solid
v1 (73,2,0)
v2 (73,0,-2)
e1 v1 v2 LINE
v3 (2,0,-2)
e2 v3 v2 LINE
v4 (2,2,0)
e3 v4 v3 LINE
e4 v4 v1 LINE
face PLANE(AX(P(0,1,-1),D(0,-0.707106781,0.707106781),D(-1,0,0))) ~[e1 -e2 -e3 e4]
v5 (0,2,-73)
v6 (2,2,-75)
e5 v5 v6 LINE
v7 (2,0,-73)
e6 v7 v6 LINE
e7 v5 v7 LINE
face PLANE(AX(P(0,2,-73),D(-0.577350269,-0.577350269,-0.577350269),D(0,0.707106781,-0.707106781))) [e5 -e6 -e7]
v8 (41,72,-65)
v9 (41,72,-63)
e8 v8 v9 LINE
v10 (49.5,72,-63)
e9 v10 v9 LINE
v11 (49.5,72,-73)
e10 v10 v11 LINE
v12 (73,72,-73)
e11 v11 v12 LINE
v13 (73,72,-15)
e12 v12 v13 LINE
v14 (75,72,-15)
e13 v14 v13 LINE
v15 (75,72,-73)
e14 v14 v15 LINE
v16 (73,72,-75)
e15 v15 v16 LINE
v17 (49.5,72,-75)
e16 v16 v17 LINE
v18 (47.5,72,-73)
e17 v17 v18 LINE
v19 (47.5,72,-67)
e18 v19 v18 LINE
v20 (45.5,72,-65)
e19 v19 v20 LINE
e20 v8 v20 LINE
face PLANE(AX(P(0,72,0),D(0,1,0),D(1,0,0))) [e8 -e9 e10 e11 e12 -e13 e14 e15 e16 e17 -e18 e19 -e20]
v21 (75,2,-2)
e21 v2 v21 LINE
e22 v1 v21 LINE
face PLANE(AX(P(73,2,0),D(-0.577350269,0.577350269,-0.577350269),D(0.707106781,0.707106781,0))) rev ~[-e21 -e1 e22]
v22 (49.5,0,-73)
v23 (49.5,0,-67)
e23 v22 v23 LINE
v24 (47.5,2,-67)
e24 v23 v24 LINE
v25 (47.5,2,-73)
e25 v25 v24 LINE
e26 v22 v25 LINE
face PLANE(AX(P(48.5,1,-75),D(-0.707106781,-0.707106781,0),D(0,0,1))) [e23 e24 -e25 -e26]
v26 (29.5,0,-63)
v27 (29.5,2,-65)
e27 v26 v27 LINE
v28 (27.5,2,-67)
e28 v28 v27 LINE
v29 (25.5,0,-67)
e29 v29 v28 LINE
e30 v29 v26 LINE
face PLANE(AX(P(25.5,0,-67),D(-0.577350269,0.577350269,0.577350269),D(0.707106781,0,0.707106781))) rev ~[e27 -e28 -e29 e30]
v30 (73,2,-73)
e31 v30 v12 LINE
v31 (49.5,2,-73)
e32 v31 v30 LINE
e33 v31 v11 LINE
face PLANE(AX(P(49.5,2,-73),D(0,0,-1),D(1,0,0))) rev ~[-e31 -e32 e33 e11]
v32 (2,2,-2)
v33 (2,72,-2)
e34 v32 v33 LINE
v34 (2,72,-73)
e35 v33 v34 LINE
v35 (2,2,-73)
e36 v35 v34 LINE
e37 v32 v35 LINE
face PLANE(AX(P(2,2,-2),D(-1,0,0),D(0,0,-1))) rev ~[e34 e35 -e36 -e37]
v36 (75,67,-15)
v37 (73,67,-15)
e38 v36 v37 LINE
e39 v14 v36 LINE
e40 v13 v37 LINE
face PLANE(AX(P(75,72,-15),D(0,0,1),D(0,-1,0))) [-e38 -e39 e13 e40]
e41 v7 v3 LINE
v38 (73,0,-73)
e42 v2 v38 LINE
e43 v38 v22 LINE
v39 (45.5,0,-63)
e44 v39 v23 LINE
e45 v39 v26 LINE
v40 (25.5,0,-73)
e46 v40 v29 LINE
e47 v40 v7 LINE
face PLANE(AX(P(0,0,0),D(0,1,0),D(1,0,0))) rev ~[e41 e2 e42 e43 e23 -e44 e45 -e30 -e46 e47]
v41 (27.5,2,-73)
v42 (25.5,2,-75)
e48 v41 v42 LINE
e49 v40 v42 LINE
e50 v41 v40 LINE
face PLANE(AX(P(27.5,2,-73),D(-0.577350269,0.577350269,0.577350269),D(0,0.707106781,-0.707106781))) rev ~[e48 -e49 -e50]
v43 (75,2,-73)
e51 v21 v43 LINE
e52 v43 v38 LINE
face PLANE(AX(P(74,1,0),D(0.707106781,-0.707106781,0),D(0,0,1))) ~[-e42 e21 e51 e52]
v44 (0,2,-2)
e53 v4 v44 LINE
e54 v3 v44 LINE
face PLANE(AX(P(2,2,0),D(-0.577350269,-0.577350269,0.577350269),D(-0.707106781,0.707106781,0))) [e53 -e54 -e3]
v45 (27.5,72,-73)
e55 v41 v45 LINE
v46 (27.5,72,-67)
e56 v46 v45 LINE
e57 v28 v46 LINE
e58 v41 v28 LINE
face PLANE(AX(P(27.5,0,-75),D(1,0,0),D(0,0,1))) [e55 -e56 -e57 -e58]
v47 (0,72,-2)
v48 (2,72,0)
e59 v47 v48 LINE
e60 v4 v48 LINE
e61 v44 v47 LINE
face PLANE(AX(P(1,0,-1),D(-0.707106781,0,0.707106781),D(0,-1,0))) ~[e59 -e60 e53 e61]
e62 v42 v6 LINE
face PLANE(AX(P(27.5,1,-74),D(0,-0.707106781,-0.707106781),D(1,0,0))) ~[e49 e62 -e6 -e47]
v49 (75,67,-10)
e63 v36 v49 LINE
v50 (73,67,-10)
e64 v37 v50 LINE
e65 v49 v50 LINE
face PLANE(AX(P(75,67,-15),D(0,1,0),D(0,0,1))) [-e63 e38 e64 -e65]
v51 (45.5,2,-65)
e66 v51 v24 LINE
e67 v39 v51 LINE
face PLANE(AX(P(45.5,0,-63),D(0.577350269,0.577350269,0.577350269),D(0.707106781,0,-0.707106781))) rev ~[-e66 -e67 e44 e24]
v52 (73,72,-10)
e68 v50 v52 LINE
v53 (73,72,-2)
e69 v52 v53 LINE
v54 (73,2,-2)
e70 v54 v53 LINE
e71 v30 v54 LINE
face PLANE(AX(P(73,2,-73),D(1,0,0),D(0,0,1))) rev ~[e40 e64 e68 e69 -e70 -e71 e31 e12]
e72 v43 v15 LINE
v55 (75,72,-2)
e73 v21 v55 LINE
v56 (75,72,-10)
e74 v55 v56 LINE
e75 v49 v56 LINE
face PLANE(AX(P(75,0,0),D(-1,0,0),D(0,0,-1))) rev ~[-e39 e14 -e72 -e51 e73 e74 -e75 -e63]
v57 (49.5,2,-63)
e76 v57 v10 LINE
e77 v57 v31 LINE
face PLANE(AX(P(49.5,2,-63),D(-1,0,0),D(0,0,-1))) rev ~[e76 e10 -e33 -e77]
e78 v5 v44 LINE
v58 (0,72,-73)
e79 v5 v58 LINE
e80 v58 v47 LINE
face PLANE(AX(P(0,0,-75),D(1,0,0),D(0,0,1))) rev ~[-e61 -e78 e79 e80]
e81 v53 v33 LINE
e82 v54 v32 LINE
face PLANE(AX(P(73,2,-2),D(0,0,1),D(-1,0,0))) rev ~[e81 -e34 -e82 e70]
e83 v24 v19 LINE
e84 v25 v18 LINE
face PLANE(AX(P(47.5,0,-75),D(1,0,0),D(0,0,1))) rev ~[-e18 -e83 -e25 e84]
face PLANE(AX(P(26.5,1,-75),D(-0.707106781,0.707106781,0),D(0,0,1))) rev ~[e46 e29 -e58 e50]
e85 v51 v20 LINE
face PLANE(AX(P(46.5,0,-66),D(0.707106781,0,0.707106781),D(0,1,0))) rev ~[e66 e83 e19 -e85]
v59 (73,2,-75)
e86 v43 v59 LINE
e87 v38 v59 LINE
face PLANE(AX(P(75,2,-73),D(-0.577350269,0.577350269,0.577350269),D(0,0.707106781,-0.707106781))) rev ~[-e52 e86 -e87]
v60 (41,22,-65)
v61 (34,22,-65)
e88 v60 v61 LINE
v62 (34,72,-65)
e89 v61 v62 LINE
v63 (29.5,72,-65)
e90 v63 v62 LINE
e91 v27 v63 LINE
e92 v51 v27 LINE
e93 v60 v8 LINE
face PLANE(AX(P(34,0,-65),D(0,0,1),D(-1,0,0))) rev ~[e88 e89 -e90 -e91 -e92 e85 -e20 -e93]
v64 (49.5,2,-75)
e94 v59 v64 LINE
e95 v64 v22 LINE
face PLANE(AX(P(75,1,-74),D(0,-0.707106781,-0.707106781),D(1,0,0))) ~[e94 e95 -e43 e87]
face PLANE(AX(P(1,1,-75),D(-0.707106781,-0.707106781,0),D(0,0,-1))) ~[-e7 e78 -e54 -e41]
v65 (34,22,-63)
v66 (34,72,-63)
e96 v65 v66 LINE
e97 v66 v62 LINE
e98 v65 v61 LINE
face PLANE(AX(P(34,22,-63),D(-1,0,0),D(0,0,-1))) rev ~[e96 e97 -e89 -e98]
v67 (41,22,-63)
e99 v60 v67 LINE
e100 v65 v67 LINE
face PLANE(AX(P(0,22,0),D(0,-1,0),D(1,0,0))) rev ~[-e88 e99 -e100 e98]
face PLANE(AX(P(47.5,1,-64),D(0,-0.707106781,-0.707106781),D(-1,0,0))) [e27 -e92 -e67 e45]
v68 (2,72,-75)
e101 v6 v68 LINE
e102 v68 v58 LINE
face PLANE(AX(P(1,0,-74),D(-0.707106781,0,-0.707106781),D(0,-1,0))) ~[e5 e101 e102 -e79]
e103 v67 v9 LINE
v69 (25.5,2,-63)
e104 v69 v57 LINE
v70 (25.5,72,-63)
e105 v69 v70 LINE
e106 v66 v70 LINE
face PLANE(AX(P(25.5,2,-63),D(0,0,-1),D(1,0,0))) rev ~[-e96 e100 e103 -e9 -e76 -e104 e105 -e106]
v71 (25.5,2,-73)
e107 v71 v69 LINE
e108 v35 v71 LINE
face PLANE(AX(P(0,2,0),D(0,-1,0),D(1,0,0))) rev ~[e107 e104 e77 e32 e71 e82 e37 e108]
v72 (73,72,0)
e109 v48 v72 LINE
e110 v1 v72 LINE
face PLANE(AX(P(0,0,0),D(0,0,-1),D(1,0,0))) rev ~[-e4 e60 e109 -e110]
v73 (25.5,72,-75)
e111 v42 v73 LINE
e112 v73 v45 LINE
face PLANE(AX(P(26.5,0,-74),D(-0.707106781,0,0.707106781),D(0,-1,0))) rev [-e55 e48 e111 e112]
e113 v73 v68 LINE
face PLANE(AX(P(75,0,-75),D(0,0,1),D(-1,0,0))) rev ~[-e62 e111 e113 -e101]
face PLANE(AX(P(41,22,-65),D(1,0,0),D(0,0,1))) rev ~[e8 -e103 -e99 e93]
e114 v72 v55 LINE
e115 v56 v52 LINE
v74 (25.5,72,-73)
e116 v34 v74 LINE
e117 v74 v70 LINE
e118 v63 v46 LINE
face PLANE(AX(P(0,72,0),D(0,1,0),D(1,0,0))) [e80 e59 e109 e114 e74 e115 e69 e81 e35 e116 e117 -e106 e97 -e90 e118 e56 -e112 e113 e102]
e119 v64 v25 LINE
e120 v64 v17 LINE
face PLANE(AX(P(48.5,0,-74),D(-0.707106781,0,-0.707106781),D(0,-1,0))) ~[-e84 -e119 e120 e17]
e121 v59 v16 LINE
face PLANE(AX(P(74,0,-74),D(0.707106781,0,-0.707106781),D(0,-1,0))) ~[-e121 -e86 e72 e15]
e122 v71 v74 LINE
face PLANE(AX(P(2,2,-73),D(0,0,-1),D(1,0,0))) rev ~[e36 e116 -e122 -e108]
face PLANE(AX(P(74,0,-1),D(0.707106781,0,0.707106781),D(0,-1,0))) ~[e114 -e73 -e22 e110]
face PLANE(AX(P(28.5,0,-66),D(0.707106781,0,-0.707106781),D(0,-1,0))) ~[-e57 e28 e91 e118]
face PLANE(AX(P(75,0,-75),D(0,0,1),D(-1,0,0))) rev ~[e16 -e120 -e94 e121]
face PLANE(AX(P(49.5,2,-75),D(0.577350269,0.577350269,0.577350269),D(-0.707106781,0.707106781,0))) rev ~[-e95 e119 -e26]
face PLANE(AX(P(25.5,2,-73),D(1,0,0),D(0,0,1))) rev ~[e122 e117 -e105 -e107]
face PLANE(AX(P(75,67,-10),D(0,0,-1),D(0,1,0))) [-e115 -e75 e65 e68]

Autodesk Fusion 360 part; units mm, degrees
sketch "Sketch1" plane through (0, 0, 0) normal (0, 1, 0) x (1, 0, 0)
  line L0 (0, 0) -> (75, 0)
  line L1 (75, 0) -> (75, 75)
  line L2 (75, 75) -> (0, 75)
  line L3 (0, 75) -> (0, 0)
  dimension "d1" = 75
  dimension "d2" = 75
extrude "Extrude1" add sketch "Sketch1" along normal blind 72
sketch "Sketch2" plane through (0, 0, 0) normal (0, -1, 0) x (1, 0, 0)
  line L0 (0, 0) -> (0, -75)
  line L1 (0, -75) -> (75, -75)
  line L2 (75, -75) -> (75, 0)
  line L3 (75, 0) -> (0, 0)
  line L4 (2, -73) -> (73, -73)
  line L5 (73, -73) -> (73, -2)
  line L6 (73, -2) -> (2, -2)
  line L7 (2, -2) -> (2, -73)
  line L8 (27.5, -75) -> (27.5, -73)
  line L9 (47.5, -75) -> (47.5, -73)
  line L10 (27.5, -73) -> (27.5, -65)
  line L11 (47.5, -73) -> (47.5, -65)
  line L12 (47.5, -65) -> (27.5, -65)
  line L13 (27.5, -73) -> (25.5, -73)
  line L14 (25.5, -73) -> (25.5, -63)
  line L15 (25.5, -63) -> (49.5, -63)
  line L16 (49.5, -63) -> (49.5, -73)
  line L17 (34, -65) -> (41, -65)
  line L18 (41, -65) -> (41, -61)
  line L19 (41, -61) -> (34, -61)
  line L20 (34, -61) -> (34, -65)
  line L21 (34, -65) -> (41, -61) construction
  line L22 (41, -65) -> (34, -61) construction
  point P0 (37.5, -63)
  dimension "d7" = -2
  dimension "d9" = 24
extrude "Extrude2" cut sketch "Sketch2" against normal blind 70 from surface at -2 contours L4 L5 L6 L7 L14 L15 L16 L18 L19 L20 | L15 L18 L19 L20
extrude "Extrude3" cut sketch "Sketch2" against normal blind 72 contours L1 L4 L8 L9 | L4 L10 L11 L12 L17
extrude "Extrude4" cut sketch "Sketch2" against normal blind 50 from surface at -22 contours L12 L15 L17 L18 L20
sketch "Sketch3" plane through (75, 0, 0) normal (1, 0, 0) x (0, 1, 0)
  line L0 (0, 0) -> (0, -75)
  line L1 (0, -75) -> (72, -75)
  line L2 (72, -75) -> (72, 0)
  line L3 (72, 0) -> (0, 0)
  line L4 (67, -10) -> (72, -10)
  line L5 (72, -10) -> (72, -15)
  line L6 (72, -15) -> (67, -15)
  line L7 (67, -15) -> (67, -10)
  dimension "d18" = 5
extrude "Extrude5" cut sketch "Sketch3" against normal blind 2 contours L2 L4 L5 L6 L7
chamfer "Chamfer1" distance 2 angle 45 1 edges at (13.75, 0, -75) measured on face at (18.3333, 48, -75)
chamfer "Chamfer1" distance 2 angle 45 1 edges at (27.5, 0, -70) measured on face at (40.8333, 0, -21.6667)
chamfer "Chamfer1" distance 2 angle 45 6 edges at (37.5, 0, -65) (47.5, 0, -70) (61.25, 0, -75) (75, 0, -37.5) (0, 0, -37.5) (37.5, 0, 0) measured on face at (40.8333, 0, -21.6667) measured on face at (40.8333, 0, -21.6667) measured on face at (65.8333, 48, -75) measured on face at (75, 22.3333, -30) measured on face at (0, 24, -50) measured on face at (25, 24, 0)
chamfer "Chamfer1" distance 2 angle 45 6 edges at (75, 36, -75) (47.5, 36, -75) (27.5, 36, -75) (0, 36, -75) (75, 36, 0) (0, 36, 0) measured on face at (75, 22.3333, -30) measured on face at (65.8333, 48, -75) measured on face at (18.3333, 48, -75) measured on face at (18.3333, 48, -75) measured on face at (25, 24, 0) measured on face at (0, 24, -50)
chamfer "Chamfer1" distance 2 angle 45 2 edges at (47.5, 36, -65) (27.5, 36, -65) measured on face at (47.5, 24, -71.6667) measured on face at (38.6667, 7.3333, -65)
